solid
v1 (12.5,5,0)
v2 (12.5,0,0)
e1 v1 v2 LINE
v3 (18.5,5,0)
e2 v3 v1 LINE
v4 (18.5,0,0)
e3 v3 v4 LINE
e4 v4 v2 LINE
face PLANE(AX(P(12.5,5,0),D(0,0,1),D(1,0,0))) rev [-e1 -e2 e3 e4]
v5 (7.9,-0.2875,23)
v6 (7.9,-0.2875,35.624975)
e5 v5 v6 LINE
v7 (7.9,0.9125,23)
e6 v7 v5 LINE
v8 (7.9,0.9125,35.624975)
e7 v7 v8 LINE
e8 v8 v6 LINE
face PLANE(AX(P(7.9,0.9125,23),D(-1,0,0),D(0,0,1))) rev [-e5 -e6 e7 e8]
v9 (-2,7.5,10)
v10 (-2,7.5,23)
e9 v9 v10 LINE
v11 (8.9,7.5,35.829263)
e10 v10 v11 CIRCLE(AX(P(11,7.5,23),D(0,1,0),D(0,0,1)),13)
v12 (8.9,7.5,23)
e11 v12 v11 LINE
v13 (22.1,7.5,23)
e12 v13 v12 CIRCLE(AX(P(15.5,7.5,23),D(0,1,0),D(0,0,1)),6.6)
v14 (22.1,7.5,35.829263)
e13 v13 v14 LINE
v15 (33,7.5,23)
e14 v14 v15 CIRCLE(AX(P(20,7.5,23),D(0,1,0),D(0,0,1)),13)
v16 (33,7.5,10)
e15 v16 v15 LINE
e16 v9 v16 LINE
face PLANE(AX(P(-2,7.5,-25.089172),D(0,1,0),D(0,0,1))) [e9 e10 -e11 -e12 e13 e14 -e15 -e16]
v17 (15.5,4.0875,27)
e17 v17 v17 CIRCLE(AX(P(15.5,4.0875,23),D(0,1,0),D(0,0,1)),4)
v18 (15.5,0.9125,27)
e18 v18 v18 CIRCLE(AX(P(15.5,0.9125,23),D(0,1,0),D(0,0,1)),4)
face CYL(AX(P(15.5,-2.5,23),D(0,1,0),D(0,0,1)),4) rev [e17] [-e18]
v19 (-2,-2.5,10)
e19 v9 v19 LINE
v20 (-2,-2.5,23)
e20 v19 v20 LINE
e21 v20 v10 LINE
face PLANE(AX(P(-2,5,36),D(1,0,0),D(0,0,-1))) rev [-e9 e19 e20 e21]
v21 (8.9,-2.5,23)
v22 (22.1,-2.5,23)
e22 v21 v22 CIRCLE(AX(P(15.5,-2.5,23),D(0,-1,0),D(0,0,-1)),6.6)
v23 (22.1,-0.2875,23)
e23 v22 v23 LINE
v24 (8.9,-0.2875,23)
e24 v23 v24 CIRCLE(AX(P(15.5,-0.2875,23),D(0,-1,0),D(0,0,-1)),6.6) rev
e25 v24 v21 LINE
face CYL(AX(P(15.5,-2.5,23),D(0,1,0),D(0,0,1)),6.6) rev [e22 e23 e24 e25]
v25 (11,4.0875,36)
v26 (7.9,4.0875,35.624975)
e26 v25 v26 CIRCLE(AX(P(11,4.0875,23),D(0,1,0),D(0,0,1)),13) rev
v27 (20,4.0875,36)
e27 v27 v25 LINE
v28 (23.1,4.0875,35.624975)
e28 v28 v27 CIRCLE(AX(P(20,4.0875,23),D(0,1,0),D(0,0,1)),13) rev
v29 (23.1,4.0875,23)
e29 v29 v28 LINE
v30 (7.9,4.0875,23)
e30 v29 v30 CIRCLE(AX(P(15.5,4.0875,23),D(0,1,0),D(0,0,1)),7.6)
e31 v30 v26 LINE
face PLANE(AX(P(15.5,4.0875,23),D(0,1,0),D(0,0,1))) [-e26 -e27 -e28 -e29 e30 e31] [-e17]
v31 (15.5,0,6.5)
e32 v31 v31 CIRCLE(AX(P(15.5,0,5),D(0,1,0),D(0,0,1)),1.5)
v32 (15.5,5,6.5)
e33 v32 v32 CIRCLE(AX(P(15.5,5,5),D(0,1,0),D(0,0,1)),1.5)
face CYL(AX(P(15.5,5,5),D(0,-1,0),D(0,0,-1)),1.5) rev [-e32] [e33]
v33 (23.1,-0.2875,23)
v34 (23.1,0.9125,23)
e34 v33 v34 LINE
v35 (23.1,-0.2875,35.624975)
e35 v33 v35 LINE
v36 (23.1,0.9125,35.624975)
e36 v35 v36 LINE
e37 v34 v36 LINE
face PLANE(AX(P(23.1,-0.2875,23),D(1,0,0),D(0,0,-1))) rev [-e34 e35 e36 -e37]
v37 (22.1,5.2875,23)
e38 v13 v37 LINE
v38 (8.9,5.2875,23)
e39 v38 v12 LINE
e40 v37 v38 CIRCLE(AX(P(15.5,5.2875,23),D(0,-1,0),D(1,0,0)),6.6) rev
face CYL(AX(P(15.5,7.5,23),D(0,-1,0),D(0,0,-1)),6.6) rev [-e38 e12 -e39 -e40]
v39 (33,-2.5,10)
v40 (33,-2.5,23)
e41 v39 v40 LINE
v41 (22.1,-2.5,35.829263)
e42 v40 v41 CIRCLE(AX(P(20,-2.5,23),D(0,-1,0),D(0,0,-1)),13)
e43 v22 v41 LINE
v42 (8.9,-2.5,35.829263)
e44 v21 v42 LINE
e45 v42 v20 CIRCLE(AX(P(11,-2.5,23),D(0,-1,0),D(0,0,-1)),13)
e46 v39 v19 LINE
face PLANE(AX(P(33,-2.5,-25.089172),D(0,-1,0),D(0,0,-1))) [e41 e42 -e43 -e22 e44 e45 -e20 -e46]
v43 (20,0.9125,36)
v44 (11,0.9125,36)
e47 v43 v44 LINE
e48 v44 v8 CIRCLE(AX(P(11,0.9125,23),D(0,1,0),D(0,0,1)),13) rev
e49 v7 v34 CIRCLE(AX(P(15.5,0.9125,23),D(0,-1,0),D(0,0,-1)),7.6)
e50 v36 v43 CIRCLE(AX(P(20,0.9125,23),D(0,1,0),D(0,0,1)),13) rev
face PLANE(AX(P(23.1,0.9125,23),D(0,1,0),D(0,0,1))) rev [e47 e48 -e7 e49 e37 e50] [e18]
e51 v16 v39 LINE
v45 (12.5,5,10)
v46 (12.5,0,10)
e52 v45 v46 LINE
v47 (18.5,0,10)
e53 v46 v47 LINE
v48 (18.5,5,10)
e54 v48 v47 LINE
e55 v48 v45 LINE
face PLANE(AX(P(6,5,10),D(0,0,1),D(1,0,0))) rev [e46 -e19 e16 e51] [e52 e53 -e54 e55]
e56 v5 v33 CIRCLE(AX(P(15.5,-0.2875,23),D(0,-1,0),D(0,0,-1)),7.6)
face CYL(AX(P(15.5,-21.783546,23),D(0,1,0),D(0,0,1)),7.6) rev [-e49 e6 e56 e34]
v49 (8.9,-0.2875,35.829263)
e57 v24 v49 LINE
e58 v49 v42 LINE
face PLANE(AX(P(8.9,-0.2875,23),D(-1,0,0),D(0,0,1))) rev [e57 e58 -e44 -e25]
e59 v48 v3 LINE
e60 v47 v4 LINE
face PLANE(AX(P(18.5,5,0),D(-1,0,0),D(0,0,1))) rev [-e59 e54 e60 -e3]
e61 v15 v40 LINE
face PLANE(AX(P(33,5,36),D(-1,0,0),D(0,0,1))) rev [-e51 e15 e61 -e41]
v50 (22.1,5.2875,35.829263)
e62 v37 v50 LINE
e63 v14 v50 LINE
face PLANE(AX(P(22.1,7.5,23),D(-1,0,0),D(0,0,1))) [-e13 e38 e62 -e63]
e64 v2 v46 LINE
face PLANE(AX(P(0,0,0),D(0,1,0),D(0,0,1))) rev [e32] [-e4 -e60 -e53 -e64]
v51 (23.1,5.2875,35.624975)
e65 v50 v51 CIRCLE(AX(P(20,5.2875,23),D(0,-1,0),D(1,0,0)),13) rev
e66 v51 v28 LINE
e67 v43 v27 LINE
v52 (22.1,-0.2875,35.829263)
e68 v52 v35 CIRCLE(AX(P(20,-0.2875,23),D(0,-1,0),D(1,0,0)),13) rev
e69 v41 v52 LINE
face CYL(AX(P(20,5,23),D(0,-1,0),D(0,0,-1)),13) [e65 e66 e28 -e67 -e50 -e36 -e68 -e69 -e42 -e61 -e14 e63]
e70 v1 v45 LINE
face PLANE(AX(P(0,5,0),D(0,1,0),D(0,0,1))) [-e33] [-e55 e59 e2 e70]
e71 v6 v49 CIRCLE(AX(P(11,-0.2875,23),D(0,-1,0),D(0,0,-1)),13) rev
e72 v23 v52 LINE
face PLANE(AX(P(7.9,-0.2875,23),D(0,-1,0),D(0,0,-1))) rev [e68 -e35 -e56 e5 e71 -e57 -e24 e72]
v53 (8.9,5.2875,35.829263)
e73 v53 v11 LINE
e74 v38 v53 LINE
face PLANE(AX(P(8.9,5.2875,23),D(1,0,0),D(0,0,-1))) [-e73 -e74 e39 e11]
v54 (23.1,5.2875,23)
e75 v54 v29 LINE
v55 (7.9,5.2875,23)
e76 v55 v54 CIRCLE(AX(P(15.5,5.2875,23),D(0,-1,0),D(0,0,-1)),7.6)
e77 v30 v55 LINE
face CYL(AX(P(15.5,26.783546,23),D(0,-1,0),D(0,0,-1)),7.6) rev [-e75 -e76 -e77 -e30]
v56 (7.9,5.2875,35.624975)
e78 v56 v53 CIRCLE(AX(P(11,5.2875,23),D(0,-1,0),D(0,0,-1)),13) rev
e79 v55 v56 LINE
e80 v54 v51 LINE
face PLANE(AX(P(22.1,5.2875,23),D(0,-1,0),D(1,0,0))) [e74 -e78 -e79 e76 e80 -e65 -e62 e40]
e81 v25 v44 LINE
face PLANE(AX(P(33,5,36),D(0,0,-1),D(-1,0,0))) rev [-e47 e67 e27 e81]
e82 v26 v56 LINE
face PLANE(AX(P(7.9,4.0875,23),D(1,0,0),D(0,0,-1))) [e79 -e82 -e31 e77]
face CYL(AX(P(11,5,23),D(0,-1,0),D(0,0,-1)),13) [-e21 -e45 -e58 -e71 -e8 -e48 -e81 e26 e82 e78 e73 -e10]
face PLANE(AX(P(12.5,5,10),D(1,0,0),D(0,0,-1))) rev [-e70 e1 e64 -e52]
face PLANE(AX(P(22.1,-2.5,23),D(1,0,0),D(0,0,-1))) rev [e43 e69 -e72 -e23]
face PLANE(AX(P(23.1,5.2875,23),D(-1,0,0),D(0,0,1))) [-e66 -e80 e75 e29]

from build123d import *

# Parameters (mm, degrees)
SKETCH1_R           = 1.5
BOSS_EXTRUDE1_DEPTH = 5
SKETCH2_W           = 35
SKETCH2_H           = 2.5
BOSS_EXTRUDE2_DEPTH = 26
FILLET1_R           = 13
CUT_EXTRUDE1_DEPTH  = 13
SKETCH4_R           = 7.6
CUT_EXTRUDE2_DEPTH  = 1.2
SKETCH5_R           = 6.6
CUT_EXTRUDE3_DEPTH  = 50.27874954
CUT_EXTRUDE4_START  = 1.2
SKETCH6_R           = 7.6
CUT_EXTRUDE4_DEPTH  = 1.2
SKETCH7_R           = 6.6
CUT_EXTRUDE5_DEPTH  = 50.27874954
SKETCH8_R           = 4
CUT_EXTRUDE6_DEPTH  = 50.27874954


with BuildPart() as part:
    # Sketch1 → Boss-Extrude1 (new body)
    with BuildSketch(Plane(origin=(0, 0, 0), x_dir=(1, 0, 0), z_dir=(0, 1, 0))):
        Polygon((6, -10), (12.5, -10), (12.5, 0), (18.5, 0), (18.5, -10), (25, -10), (31, -10), (33, -10), (33, -36), (-2, -36), (-2, -10), (0, -10), align=None)
        with Locations(Location((15.5, -5, 0), (0, 0, 270))):
            Circle(SKETCH1_R, mode=Mode.SUBTRACT)
    extrude(amount=BOSS_EXTRUDE1_DEPTH)

    # Sketch2 → Boss-Extrude2 (add)
    with BuildSketch(Plane.XY.offset(36)):
        with Locations((15.5, 6.25)):
            Rectangle(SKETCH2_W, SKETCH2_H)
        with Locations((15.5, -1.25)):
            Rectangle(SKETCH2_W, SKETCH2_H)
    extrude(amount=-BOSS_EXTRUDE2_DEPTH)

    # Fillet1
    fillet1_edges = [part.edges().sort_by_distance(p)[0] for p in [
        (33, 2.5, 36),
        (-2, 2.5, 36),
    ]]
    fillet(fillet1_edges, radius=FILLET1_R)

    # Sketch3 → Cut-Extrude1 (cut)
    with BuildSketch(Plane(origin=(0, 0, 36), x_dir=(-1, 0, 0), z_dir=(0, 0, -1))):
        Polygon((-22.1, 7.5), (-22.1, 5.2875), (-23.1, 5.2875), (-23.1, 4.0875), (-15.5, 4.0875), (-7.9, 4.0875), (-7.9, 5.2875), (-8.9, 5.2875), (-8.9, 7.5), align=None)
    cut_extrude1 = extrude(amount=CUT_EXTRUDE1_DEPTH, mode=Mode.SUBTRACT)

    # Sketch4 → Cut-Extrude2 (cut)
    with BuildSketch(Plane(origin=(0, 4.0875, 0), x_dir=(1, 0, 0), z_dir=(0, 1, 0))):
        with Locations((15.5, -23)):
            Circle(SKETCH4_R)
    extrude(amount=CUT_EXTRUDE2_DEPTH, mode=Mode.SUBTRACT)

    # Sketch5 → Cut-Extrude3 (cut, through all)
    with BuildSketch(Plane(origin=(0, 4.0875, 0), x_dir=(1, 0, 0), z_dir=(0, 1, 0))):
        with Locations((15.5, -23)):
            Circle(SKETCH5_R)
    extrude(amount=CUT_EXTRUDE3_DEPTH, mode=Mode.SUBTRACT)

    # Mirror1: Cut-Extrude1 across plane
    add(cut_extrude1.mirror(Plane(origin=(0, 2.5, 0), x_dir=(0, 0, 1), z_dir=(0, -1, 0))), mode=Mode.SUBTRACT)

    # Sketch6 → Cut-Extrude4 (cut)
    with BuildSketch(Plane.XZ.offset(-0.9125).offset(CUT_EXTRUDE4_START)):
        with Locations((15.5, 23)):
            Circle(SKETCH6_R)
    extrude(amount=-CUT_EXTRUDE4_DEPTH, mode=Mode.SUBTRACT)

    # Sketch7 → Cut-Extrude5 (cut, through all)
    with BuildSketch(Plane.XZ.offset(-0.9125)):
        with Locations((15.5, 23)):
            Circle(SKETCH7_R)
    extrude(amount=CUT_EXTRUDE5_DEPTH, mode=Mode.SUBTRACT)

    # Sketch8 → Cut-Extrude6 (cut, through all)
    with BuildSketch(Plane(origin=(0, 4.0875, 0), x_dir=(1, 0, 0), z_dir=(0, 1, 0))):
        with Locations(Location((15.5, -23, 0), (0, 0, 270))):
            Circle(SKETCH8_R)
    extrude(amount=-CUT_EXTRUDE6_DEPTH, mode=Mode.SUBTRACT)


solid = part.part
